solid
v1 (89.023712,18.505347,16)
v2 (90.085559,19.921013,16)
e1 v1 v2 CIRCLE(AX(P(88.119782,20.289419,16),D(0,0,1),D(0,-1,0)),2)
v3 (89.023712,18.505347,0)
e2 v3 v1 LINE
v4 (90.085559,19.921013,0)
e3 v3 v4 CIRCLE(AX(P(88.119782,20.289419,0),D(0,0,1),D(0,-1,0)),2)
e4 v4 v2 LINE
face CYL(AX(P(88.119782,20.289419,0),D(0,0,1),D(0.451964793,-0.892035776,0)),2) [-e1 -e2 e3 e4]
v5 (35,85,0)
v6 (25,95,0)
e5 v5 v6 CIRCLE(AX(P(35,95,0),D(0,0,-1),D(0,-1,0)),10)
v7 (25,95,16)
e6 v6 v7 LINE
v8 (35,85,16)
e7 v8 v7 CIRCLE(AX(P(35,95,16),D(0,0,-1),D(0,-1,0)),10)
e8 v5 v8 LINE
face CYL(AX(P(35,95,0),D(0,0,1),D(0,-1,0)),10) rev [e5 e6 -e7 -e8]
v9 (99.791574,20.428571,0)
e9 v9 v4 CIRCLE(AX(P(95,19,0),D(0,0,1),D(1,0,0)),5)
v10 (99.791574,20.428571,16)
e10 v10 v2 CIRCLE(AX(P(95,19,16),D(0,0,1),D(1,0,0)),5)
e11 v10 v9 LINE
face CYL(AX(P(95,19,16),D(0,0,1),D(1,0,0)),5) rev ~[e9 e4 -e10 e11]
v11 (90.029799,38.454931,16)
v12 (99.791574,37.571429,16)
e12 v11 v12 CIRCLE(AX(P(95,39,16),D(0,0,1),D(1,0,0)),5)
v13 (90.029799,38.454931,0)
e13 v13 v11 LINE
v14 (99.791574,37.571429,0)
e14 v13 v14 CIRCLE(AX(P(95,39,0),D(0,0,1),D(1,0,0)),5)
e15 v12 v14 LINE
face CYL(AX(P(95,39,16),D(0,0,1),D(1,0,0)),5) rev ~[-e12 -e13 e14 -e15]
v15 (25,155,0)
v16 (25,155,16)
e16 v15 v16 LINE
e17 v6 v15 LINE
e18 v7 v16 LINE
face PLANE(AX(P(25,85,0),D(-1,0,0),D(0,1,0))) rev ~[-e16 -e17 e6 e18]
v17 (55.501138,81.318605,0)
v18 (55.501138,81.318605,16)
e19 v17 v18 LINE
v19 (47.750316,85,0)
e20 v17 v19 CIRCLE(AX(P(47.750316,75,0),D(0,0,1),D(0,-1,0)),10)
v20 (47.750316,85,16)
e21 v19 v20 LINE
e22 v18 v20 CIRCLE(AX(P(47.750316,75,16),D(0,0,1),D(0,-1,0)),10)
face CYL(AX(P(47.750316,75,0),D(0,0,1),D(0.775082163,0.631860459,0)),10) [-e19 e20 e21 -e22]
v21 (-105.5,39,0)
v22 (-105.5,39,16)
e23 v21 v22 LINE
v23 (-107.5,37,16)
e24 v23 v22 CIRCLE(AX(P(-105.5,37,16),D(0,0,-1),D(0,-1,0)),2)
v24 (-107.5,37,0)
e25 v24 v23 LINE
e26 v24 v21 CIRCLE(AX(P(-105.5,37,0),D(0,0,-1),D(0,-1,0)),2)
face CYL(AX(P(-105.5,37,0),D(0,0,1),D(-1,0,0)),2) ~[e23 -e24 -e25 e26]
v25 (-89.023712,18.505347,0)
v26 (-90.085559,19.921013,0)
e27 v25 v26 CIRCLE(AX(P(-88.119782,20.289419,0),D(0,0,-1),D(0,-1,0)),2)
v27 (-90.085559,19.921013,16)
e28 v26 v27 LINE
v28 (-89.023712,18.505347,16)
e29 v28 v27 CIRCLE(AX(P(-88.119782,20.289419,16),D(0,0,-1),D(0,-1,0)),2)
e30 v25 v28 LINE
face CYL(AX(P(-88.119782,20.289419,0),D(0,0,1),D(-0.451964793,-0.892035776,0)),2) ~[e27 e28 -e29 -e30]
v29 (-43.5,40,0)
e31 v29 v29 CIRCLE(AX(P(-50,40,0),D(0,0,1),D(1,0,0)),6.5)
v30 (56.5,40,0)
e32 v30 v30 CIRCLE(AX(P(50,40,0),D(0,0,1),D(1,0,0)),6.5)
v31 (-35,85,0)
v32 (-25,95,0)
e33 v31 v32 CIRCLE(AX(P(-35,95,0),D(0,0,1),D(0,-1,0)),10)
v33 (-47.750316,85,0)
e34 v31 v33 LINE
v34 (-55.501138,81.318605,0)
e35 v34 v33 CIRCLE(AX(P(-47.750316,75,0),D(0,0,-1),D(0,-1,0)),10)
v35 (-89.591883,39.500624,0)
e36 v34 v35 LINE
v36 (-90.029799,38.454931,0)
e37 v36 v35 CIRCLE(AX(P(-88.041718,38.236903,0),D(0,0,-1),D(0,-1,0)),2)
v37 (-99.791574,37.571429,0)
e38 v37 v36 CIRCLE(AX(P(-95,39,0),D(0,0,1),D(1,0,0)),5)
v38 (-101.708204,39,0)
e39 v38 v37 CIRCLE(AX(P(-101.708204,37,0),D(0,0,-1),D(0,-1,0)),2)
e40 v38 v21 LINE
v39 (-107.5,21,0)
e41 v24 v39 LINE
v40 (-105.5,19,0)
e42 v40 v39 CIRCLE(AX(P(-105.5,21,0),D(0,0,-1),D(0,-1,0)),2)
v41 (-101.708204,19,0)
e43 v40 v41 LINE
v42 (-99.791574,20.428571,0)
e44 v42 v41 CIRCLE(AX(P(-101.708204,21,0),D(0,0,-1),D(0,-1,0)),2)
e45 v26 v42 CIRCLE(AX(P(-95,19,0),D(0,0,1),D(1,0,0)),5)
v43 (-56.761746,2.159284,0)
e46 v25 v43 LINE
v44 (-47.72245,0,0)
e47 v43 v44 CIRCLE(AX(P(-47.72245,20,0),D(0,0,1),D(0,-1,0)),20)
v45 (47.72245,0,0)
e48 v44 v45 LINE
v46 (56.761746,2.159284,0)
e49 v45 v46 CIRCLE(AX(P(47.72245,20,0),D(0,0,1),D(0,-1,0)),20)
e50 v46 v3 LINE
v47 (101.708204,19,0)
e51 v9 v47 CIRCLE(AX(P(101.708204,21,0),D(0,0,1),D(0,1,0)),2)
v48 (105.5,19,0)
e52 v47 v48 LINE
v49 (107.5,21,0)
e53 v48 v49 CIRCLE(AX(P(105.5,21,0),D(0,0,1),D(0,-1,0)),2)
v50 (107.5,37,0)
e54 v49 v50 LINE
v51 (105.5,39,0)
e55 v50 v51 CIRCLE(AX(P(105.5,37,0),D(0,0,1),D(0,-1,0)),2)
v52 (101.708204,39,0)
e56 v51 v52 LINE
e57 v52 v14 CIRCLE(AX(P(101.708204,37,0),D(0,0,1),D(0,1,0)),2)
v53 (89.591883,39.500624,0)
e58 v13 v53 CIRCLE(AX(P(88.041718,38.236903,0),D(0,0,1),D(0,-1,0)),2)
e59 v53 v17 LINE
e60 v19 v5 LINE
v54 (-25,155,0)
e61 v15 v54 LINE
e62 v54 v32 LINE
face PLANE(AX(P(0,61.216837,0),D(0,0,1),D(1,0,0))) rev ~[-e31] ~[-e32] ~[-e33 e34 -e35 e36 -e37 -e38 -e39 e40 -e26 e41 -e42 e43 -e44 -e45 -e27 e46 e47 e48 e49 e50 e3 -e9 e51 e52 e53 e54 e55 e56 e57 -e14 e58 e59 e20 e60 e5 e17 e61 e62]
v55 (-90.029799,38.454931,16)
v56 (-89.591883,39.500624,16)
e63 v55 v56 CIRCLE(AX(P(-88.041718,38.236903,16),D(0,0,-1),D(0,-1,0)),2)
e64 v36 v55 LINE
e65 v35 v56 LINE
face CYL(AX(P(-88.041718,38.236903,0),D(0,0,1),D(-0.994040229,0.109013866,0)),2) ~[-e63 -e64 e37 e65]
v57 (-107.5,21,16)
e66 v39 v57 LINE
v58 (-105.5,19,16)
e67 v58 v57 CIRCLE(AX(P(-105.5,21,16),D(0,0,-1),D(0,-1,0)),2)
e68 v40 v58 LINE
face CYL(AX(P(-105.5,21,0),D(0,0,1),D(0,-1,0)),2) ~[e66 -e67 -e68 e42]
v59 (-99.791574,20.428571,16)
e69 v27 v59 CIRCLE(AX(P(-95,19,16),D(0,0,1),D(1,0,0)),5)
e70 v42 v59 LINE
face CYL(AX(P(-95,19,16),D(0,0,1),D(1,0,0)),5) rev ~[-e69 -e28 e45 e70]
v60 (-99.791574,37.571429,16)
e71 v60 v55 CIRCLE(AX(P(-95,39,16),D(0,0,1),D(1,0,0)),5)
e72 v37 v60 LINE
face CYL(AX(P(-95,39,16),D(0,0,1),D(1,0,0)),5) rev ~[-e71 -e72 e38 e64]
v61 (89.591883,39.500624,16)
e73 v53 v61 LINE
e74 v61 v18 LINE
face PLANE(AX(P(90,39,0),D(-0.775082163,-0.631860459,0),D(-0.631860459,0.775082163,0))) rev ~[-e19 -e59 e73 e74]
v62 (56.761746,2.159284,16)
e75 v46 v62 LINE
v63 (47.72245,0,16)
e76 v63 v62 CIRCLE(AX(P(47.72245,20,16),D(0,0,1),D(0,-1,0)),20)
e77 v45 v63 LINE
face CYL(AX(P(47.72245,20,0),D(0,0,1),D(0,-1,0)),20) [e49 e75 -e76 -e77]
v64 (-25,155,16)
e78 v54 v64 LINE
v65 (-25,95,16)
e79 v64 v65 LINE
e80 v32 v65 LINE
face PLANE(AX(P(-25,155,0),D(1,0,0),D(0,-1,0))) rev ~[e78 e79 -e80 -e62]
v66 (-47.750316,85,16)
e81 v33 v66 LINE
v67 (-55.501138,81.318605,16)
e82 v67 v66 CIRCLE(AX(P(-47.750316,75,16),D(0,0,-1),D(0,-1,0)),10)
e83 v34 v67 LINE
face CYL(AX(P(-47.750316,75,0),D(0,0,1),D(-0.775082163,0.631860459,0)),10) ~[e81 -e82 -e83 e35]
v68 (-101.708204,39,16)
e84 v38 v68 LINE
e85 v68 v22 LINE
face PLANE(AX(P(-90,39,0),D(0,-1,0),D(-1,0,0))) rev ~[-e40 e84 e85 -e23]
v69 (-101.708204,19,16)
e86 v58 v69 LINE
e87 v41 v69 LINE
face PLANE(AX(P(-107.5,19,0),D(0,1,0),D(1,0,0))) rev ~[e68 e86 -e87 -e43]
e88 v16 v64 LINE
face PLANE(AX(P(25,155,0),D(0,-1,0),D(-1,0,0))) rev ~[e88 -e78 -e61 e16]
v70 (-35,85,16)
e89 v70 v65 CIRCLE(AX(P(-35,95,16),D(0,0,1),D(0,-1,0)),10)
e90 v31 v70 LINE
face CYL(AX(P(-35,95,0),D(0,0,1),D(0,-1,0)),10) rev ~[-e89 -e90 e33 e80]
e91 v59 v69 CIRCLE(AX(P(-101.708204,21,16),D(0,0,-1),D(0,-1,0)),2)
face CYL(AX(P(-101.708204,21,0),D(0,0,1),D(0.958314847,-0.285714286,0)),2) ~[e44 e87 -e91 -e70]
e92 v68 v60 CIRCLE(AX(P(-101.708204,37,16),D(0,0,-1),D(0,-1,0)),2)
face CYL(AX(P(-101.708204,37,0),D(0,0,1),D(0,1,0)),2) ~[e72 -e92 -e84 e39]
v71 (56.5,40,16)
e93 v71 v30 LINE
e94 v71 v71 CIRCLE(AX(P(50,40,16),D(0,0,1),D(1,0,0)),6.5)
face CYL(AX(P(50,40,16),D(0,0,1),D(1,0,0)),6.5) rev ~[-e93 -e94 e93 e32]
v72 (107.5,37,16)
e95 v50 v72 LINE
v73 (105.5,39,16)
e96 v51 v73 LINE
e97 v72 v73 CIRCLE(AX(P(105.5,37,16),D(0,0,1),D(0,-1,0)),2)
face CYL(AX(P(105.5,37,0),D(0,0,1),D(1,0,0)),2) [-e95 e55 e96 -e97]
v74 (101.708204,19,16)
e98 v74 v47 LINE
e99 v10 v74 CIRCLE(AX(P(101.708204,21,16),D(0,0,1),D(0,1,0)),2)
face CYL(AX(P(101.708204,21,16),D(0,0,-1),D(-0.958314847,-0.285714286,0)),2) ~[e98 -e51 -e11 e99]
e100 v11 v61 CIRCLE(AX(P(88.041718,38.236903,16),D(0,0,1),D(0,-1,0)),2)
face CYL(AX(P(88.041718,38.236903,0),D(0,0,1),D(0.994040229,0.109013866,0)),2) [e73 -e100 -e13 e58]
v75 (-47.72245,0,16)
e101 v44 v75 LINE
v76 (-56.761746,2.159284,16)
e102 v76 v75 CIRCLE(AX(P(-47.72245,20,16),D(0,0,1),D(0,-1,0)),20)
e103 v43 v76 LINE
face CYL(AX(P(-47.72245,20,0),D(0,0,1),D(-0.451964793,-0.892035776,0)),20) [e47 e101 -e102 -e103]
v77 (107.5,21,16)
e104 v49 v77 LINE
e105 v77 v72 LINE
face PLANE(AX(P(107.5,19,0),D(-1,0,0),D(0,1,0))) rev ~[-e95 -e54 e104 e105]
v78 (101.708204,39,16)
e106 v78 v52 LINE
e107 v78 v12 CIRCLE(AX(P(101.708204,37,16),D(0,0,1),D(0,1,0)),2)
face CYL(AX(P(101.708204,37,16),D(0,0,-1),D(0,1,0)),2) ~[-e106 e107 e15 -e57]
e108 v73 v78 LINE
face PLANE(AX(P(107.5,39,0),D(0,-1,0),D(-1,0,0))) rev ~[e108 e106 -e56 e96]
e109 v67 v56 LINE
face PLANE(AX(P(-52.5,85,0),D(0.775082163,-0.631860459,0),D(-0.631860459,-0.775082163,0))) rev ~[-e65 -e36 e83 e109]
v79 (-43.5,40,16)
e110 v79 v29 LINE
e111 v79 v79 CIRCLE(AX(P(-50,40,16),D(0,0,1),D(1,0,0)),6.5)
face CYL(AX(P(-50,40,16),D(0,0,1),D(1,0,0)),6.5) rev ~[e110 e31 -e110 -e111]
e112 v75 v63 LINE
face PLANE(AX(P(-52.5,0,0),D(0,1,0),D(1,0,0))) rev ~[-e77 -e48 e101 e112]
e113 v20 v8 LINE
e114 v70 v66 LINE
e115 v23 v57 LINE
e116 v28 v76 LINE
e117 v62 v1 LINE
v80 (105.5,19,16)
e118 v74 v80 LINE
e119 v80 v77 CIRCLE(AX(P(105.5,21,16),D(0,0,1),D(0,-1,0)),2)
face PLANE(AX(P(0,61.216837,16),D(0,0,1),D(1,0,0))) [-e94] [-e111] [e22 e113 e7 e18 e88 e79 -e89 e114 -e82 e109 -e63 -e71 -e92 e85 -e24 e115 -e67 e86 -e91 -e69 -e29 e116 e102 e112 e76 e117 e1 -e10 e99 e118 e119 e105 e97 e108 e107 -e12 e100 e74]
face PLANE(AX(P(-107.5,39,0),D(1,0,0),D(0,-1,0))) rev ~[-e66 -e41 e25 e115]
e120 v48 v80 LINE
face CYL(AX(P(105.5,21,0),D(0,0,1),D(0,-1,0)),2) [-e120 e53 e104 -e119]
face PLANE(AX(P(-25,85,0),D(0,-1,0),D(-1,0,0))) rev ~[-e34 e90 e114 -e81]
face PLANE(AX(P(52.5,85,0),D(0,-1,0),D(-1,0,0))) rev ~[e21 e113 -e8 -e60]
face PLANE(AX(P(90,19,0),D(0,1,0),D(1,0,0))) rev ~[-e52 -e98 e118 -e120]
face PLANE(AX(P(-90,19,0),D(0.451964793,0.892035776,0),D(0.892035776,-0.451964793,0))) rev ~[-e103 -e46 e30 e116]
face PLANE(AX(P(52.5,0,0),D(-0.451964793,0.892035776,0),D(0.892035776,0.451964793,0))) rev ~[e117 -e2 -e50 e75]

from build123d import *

# Parameters (mm, degrees)
EXTRUDE_3_DEPTH     = 16
SKETCH_8_R          = 5
CUT_EXTRUDE_3_DEPTH = 190.307289875
SKETCH_9_R          = 6.5
CUT_EXTRUDE_4_DEPTH = 190.307289875
FILLET_1_R          = 10
FILLET_2_R          = 20
FILLET_3_R          = 2
FILLET_4_R          = 10


with BuildPart() as part:
    # 草图1 → 凸台-拉伸3 (new body)
    with BuildSketch(Plane.XY):
        Polygon((52.5, 0), (90, 19), (107.5, 19), (107.5, 39), (90, 39), (52.5, 85), (25, 85), (25, 155), (-25, 155), (-25, 85), (-52.5, 85), (-90, 39), (-107.5, 39), (-107.5, 19), (-90, 19), (-52.5, 0), align=None)
    extrude(amount=EXTRUDE_3_DEPTH)

    # 草图8 → 切除-拉伸3 (cut, through all)
    with BuildSketch(Plane.XY.offset(16)):
        with Locations((-95, 39)):
            Circle(SKETCH_8_R)
        with Locations((-95, 19)):
            Circle(SKETCH_8_R)
        with Locations((95, 39)):
            Circle(SKETCH_8_R)
        with Locations((95, 19)):
            Circle(SKETCH_8_R)
    extrude(amount=-CUT_EXTRUDE_3_DEPTH, mode=Mode.SUBTRACT)

    # 草图9 → 切除-拉伸4 (cut, through all)
    with BuildSketch(Plane.XY.offset(16)):
        with Locations((-50, 40)):
            Circle(SKETCH_9_R)
        with Locations((50, 40)):
            Circle(SKETCH_9_R)
    extrude(amount=-CUT_EXTRUDE_4_DEPTH, mode=Mode.SUBTRACT)

    # 圆角1
    fillet_1_edges = [part.edges().sort_by_distance(p)[0] for p in [
        (-25, 85, 8),
        (25, 85, 8),
    ]]
    fillet(fillet_1_edges, radius=FILLET_1_R)

    # 圆角2
    fillet_2_edges = [part.edges().sort_by_distance(p)[0] for p in [
        (-52.5, 0, 8),
        (52.5, 0, 8),
    ]]
    fillet(fillet_2_edges, radius=FILLET_2_R)

    # 圆角3
    fillet_3_edges = [part.edges().sort_by_distance(p)[0] for p in [
        (-90, 19, 8),
        (-107.5, 19, 8),
        (-107.5, 39, 8),
        (-90, 39, 8),
        (90, 39, 8),
        (107.5, 39, 8),
        (107.5, 19, 8),
        (90, 19, 8),
        (-100, 19, 8),
        (100, 39, 8),
        (100, 19, 8),
        (-100, 39, 8),
    ]]
    fillet(fillet_3_edges, radius=FILLET_3_R)

    # 圆角4
    fillet_4_edges = [part.edges().sort_by_distance(p)[0] for p in [
        (-52.5, 85, 8),
        (52.5, 85, 8),
    ]]
    fillet(fillet_4_edges, radius=FILLET_4_R)


solid = part.part
